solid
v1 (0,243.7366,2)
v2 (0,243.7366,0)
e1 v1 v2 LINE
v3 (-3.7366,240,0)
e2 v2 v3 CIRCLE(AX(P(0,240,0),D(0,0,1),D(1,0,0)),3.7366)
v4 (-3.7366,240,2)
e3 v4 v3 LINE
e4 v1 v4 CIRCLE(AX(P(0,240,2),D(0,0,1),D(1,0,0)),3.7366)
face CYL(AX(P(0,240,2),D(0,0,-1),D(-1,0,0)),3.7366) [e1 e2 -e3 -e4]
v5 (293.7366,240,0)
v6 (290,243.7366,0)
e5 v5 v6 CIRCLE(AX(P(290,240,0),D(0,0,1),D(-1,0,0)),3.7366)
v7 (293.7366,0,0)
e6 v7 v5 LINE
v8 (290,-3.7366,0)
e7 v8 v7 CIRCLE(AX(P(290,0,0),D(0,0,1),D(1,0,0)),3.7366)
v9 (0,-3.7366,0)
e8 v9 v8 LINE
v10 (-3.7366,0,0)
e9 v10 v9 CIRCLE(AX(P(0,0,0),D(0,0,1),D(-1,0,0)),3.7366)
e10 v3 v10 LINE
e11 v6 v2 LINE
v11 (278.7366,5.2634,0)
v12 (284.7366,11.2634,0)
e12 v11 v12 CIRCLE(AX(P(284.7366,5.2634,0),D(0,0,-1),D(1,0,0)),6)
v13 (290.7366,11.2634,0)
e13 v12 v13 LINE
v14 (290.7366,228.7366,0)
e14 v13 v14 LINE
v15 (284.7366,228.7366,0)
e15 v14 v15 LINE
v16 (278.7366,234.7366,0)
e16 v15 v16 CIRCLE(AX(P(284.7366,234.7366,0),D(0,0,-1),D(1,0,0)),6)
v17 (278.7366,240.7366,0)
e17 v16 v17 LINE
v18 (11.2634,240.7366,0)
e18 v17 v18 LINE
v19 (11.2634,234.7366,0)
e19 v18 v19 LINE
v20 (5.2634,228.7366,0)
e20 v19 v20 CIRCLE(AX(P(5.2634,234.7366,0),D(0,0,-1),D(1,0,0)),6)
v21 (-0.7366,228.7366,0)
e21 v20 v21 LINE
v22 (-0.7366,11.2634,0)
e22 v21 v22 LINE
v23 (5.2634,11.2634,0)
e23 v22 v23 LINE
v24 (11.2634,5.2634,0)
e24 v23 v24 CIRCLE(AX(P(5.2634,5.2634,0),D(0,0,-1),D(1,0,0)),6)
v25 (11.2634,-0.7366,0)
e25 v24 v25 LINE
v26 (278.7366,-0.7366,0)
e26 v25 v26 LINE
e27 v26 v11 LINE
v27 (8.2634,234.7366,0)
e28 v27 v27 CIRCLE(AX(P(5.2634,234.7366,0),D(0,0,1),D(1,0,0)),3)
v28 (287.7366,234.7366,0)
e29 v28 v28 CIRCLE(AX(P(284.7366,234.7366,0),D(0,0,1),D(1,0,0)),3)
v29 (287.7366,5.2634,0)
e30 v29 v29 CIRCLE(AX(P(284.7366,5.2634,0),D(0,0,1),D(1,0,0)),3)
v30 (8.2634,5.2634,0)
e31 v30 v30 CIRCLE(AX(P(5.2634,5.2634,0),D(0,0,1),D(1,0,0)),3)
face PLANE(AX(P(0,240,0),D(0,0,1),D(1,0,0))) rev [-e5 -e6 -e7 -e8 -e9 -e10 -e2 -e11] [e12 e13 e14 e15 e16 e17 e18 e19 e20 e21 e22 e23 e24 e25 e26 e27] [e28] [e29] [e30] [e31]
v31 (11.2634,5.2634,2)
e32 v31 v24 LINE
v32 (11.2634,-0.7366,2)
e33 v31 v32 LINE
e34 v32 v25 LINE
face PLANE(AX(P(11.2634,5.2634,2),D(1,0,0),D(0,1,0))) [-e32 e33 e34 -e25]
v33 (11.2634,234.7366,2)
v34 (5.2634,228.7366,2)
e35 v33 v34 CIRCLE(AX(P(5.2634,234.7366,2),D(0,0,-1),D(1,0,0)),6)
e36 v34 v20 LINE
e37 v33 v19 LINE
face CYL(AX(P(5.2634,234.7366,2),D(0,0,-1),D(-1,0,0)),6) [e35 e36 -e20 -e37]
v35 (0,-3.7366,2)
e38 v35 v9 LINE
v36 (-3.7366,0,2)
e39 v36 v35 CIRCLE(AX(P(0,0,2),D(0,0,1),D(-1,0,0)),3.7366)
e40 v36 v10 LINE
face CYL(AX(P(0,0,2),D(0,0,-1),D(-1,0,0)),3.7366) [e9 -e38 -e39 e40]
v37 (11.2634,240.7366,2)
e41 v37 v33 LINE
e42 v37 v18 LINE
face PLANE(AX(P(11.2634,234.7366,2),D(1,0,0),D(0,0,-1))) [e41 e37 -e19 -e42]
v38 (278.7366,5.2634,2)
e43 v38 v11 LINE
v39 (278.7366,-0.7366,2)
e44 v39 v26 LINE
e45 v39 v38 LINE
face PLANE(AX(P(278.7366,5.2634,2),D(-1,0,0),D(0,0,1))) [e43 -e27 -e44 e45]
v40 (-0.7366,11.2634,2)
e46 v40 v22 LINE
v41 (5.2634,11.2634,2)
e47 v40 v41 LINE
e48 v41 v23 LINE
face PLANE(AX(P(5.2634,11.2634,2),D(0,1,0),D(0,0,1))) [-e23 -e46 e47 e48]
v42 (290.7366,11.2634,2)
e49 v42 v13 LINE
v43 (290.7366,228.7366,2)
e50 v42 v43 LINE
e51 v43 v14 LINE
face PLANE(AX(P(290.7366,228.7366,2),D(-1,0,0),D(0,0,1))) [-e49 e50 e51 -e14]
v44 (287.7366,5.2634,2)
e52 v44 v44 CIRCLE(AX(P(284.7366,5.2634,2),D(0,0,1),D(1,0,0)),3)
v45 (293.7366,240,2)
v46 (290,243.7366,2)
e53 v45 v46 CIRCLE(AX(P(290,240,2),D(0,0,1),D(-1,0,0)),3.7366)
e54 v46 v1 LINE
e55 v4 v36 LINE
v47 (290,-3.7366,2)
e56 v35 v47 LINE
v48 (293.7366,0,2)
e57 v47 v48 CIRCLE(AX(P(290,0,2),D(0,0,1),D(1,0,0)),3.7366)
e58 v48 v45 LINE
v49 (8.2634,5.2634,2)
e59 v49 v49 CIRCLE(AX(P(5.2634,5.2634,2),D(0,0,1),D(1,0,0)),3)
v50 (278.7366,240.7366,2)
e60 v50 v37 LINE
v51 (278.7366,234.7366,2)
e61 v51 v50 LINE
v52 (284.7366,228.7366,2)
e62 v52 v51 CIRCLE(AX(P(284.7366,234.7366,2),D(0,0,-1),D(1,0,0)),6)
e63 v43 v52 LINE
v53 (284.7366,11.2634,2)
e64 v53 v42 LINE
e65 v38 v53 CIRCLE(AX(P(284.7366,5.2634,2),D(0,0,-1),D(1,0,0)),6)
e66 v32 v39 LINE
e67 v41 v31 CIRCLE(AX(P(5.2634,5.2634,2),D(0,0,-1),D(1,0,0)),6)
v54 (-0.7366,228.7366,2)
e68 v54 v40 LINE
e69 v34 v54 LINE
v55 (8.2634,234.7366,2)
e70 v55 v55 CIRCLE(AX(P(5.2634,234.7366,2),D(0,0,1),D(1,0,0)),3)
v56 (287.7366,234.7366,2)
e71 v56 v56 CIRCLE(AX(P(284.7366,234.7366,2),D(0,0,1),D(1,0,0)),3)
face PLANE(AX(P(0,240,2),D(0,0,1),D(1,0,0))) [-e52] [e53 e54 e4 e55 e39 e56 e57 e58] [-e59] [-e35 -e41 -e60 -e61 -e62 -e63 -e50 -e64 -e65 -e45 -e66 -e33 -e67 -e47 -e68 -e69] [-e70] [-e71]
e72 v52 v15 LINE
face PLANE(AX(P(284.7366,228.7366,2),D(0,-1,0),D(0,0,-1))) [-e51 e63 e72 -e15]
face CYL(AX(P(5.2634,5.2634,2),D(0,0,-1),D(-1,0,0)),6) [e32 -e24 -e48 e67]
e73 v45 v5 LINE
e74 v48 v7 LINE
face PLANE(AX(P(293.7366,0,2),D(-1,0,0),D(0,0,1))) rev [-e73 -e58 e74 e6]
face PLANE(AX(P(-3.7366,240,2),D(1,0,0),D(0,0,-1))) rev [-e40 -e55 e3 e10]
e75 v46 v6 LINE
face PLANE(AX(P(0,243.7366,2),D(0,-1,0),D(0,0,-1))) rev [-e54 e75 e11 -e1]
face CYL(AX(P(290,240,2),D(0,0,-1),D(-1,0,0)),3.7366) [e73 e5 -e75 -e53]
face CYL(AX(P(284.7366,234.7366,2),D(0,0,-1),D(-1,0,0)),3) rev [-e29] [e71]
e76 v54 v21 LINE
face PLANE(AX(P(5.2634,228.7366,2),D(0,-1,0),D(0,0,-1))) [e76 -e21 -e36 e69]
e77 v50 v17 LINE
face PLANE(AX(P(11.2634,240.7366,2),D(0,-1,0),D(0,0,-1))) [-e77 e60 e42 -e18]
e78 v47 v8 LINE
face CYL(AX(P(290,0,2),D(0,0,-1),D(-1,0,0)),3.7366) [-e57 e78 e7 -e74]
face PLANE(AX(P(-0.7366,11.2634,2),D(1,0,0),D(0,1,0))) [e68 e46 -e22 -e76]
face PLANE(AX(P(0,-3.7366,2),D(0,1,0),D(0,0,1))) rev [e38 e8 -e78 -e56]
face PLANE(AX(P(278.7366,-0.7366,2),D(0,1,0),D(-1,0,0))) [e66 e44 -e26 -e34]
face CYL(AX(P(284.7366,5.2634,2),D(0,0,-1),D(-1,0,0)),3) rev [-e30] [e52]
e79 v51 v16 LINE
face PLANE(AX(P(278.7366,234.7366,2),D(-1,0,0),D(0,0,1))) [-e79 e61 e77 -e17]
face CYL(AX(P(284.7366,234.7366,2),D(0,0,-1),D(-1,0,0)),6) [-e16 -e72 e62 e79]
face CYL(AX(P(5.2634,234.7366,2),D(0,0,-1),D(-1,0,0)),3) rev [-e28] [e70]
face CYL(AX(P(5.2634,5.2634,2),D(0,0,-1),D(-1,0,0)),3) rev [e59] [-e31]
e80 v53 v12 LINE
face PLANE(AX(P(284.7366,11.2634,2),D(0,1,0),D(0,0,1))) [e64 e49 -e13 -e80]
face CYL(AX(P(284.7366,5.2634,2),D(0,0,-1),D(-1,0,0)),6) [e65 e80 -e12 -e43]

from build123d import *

# Parameters (mm, degrees)
SKETCH1_R           = 3
BOSS_EXTRUDE1_DEPTH = 2


with BuildPart() as part:
    # Sketch1 → Boss-Extrude1 (new body)
    with BuildSketch(Plane.XY):
        with BuildLine():
            Line((-3.7366, 240), (-3.7366, 0))
            ThreePointArc((-3.7366, 0), (-2.642175199, -2.642175199), (0, -3.7366))
            Line((0, -3.7366), (290, -3.7366))
            ThreePointArc((290, -3.7366), (292.642175199, -2.642175199), (293.7366, 0))
            Line((293.7366, 0), (293.7366, 240))
            ThreePointArc((293.7366, 240), (292.642175199, 242.642175199), (290, 243.7366))
            Line((290, 243.7366), (0, 243.7366))
            ThreePointArc((0, 243.7366), (-2.642175199, 242.642175199), (-3.7366, 240))
        make_face()
        with Locations((284.7366, 5.2634)):
            Circle(SKETCH1_R, mode=Mode.SUBTRACT)
        with Locations((284.7366, 234.7366)):
            Circle(SKETCH1_R, mode=Mode.SUBTRACT)
        with Locations((5.2634, 234.7366)):
            Circle(SKETCH1_R, mode=Mode.SUBTRACT)
        with Locations((5.2634, 5.2634)):
            Circle(SKETCH1_R, mode=Mode.SUBTRACT)
        with BuildLine():
            Line((278.7366, -0.7366), (11.2634, -0.7366))
            Line((11.2634, -0.7366), (11.2634, 5.2634))
            ThreePointArc((11.2634, 5.2634), (9.506040687, 9.506040687), (5.2634, 11.2634))
            Line((5.2634, 11.2634), (-0.7366, 11.2634))
            Line((-0.7366, 11.2634), (-0.7366, 228.7366))
            Line((-0.7366, 228.7366), (5.2634, 228.7366))
            ThreePointArc((5.2634, 228.7366), (9.506040687, 230.493959313), (11.2634, 234.7366))
            Line((11.2634, 234.7366), (11.2634, 240.7366))
            Line((11.2634, 240.7366), (278.7366, 240.7366))
            Line((278.7366, 240.7366), (278.7366, 234.7366))
            ThreePointArc((278.7366, 234.7366), (280.493959313, 230.493959313), (284.7366, 228.7366))
            Line((284.7366, 228.7366), (290.7366, 228.7366))
            Line((290.7366, 228.7366), (290.7366, 11.2634))
            Line((290.7366, 11.2634), (284.7366, 11.2634))
            ThreePointArc((284.7366, 11.2634), (280.493959313, 9.506040687), (278.7366, 5.2634))
            Line((278.7366, 5.2634), (278.7366, -0.7366))
        make_face(mode=Mode.SUBTRACT)
    extrude(amount=BOSS_EXTRUDE1_DEPTH)


solid = part.part
